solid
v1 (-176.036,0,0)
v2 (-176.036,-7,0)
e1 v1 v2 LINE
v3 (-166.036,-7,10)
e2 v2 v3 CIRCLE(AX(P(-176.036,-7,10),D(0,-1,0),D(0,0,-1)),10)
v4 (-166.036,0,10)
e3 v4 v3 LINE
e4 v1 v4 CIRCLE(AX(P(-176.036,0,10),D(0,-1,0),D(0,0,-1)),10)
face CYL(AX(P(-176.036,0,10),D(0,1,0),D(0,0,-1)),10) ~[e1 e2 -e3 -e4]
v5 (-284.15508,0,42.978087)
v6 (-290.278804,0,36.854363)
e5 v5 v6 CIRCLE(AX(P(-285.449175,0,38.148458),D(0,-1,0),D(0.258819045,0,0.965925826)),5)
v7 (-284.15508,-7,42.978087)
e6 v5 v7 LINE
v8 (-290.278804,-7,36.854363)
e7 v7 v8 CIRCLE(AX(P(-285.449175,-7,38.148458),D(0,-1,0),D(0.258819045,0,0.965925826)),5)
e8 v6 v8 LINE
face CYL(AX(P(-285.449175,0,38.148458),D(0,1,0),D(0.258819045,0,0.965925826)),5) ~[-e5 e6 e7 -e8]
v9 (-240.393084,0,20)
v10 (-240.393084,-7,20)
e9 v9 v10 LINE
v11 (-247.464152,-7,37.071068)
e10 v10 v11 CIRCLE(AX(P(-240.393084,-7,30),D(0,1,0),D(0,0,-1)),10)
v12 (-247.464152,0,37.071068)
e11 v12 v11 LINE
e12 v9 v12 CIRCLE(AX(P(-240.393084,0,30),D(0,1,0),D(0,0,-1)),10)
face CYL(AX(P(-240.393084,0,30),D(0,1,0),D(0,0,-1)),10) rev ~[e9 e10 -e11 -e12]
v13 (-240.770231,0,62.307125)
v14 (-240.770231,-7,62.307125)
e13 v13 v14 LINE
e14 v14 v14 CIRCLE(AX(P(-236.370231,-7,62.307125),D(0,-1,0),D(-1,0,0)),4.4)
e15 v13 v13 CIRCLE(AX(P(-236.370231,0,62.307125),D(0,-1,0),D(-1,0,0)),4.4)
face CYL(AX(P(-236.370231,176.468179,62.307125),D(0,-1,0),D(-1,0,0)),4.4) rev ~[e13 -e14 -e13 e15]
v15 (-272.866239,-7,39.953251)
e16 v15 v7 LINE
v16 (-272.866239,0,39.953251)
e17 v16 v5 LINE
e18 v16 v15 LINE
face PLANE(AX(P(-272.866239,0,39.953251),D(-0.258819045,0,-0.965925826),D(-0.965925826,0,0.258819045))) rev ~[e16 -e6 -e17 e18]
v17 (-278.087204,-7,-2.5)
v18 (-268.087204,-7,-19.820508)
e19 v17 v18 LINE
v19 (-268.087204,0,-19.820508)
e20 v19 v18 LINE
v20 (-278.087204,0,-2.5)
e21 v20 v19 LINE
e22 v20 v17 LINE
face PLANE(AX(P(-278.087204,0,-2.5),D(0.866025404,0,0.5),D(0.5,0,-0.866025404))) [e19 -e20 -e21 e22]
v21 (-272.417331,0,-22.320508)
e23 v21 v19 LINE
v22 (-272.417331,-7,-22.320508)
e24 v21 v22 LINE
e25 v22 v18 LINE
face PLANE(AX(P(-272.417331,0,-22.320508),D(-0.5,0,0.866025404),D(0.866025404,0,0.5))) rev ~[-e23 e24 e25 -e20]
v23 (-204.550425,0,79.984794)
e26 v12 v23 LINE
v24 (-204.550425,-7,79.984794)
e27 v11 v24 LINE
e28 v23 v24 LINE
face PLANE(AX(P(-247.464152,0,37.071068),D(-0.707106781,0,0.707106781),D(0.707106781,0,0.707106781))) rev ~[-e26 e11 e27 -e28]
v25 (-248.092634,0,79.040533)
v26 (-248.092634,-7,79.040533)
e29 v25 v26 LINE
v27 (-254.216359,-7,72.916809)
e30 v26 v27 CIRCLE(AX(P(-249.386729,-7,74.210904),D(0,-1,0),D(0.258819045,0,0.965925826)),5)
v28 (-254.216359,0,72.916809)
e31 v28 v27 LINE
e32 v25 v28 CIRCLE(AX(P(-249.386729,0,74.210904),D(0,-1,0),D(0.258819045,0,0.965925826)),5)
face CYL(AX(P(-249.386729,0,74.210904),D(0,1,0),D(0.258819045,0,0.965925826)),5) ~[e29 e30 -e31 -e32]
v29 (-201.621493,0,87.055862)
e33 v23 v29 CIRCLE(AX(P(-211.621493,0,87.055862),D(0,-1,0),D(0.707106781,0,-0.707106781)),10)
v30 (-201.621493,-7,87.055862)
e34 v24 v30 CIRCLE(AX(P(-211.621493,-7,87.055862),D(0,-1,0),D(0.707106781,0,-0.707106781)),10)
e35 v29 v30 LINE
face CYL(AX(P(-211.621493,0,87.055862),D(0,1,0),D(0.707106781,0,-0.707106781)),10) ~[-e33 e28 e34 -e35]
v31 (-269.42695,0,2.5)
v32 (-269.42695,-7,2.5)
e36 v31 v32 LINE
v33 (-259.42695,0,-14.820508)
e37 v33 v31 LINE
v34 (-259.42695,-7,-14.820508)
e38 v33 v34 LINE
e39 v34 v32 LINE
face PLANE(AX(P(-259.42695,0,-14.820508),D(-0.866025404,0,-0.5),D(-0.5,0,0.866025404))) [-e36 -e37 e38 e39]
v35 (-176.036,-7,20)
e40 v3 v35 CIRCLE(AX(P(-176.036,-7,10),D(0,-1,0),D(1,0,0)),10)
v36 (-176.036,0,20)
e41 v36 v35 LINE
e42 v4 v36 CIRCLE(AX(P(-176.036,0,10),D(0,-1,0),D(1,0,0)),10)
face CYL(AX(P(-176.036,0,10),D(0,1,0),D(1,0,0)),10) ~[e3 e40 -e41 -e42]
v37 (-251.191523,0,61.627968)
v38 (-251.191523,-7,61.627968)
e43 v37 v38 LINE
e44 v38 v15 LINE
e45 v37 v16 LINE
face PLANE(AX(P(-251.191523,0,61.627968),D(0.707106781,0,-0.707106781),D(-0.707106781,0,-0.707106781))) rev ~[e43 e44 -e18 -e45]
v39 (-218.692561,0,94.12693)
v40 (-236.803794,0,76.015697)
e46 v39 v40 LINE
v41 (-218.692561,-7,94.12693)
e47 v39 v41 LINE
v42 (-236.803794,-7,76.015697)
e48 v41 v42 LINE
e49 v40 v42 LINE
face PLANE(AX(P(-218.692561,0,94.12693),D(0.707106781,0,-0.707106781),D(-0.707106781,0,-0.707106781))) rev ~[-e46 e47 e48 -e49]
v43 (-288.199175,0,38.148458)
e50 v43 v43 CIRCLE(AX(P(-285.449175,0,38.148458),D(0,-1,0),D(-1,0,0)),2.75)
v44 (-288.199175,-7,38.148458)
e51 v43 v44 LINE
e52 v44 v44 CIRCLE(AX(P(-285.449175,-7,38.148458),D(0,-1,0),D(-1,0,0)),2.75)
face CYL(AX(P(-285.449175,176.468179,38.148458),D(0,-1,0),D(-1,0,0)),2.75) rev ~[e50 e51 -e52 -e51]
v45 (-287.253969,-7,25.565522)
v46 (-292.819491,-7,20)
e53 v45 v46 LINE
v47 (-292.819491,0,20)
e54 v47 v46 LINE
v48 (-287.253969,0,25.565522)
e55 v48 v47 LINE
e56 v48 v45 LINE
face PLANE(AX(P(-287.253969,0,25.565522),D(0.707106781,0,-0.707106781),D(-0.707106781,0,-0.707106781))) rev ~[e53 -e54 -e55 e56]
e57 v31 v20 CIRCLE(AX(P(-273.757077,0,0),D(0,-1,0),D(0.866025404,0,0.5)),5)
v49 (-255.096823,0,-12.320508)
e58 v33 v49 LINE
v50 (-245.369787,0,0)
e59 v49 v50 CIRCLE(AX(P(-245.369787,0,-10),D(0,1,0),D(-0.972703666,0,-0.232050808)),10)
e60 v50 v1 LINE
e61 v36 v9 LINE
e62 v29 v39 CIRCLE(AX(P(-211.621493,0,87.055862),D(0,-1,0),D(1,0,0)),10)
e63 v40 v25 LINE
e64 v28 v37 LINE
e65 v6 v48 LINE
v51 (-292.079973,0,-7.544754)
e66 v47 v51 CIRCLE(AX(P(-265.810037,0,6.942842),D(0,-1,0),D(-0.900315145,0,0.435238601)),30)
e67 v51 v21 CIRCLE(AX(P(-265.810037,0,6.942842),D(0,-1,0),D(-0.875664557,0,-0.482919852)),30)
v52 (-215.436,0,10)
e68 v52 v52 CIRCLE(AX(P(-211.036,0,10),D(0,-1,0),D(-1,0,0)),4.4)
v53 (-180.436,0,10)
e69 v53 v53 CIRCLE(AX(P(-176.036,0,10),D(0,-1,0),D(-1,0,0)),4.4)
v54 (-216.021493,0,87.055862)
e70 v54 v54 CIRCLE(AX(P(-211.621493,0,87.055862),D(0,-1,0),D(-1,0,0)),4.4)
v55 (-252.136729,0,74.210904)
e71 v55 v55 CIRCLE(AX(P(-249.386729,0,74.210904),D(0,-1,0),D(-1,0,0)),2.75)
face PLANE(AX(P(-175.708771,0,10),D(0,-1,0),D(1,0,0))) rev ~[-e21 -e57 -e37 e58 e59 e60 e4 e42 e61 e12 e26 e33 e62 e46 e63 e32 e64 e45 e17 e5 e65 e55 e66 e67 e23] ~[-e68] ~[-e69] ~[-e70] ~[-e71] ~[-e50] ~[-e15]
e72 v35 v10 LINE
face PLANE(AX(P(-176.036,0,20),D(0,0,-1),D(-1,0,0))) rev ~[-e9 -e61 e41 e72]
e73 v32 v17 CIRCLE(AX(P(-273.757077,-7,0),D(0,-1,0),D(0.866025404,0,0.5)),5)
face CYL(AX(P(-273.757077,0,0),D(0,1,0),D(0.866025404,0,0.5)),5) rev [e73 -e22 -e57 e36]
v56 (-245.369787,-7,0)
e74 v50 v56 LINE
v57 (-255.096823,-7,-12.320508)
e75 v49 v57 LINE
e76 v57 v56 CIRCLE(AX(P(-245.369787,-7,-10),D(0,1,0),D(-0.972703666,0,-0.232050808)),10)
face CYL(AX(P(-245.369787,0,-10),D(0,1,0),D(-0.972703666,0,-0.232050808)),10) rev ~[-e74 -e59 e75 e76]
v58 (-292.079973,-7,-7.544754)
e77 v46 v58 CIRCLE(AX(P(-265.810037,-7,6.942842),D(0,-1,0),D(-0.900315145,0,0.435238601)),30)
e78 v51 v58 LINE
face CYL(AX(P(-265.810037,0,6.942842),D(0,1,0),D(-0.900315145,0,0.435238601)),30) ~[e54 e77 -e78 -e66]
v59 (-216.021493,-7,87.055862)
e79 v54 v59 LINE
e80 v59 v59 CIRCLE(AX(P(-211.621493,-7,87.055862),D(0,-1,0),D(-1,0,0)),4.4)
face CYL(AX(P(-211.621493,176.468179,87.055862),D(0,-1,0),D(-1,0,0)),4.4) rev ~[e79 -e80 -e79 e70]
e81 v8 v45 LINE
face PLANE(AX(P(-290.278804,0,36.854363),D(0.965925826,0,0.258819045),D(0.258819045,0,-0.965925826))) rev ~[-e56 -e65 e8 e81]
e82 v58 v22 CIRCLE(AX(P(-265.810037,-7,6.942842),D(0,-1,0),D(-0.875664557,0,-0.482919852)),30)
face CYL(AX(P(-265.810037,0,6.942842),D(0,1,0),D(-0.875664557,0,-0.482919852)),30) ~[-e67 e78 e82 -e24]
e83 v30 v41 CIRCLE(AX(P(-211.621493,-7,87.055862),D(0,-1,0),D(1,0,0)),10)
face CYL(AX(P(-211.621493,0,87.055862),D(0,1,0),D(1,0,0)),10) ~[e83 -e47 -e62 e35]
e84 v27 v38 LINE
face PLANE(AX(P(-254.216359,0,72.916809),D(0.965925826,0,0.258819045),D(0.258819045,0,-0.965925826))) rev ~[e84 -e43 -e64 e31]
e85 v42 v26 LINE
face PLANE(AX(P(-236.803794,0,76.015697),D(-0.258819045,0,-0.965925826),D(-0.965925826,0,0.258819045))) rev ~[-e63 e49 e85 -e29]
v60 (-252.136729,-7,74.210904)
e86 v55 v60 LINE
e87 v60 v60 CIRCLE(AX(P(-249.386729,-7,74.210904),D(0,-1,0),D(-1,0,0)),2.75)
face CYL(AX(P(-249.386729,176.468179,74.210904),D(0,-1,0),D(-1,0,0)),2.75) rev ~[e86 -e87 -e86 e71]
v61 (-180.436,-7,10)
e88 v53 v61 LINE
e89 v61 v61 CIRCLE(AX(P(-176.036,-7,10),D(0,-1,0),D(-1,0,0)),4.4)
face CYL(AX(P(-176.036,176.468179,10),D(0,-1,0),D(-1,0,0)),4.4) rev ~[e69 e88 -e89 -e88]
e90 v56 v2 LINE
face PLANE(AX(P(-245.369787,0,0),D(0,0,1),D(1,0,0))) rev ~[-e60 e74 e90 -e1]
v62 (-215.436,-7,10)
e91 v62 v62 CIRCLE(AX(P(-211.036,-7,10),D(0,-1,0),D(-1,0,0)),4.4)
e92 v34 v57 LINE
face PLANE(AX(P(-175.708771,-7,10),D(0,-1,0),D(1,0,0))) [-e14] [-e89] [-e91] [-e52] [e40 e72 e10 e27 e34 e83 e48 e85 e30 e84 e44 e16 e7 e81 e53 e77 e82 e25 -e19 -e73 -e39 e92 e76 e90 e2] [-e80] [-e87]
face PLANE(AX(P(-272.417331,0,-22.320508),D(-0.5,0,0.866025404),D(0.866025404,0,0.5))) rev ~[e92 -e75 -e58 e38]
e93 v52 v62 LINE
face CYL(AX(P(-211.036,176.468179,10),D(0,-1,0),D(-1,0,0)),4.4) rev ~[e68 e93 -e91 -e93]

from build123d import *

# Parameters (mm, degrees)
F2_DEPTH = 7
F3_DEPTH = 7
F4_D     = 5.5
F5_D     = 8.8


with BuildPart() as f2:
    # F1 (on Front) → F2 (new body)
    with BuildSketch(Plane.XZ):
        with BuildLine():
            ThreePointArc((-176.0360002518, 0), (-168.9649324399, 2.9289321881), (-166.0360002518, 10))
            ThreePointArc((-166.0360002518, 10), (-168.9649324399, 17.0710678119), (-176.0360002518, 20))
            ThreePointArc((-176.0360002518, 20), (-186.0360002518, 10), (-176.0360002518, 0))
        make_face()
        with BuildLine():
            Line((-264.5352196047, 20), (-240.393083981, 20))
            ThreePointArc((-240.393083981, 20), (-249.6318793158, 26.1731656999), (-247.4641517568, 37.0710678479))
            Line((-247.4641517568, 37.0710678479), (-264.5352196047, 20))
        make_face()
        with BuildLine():
            Line((-272.4173313033, -22.3205080757), (-255.0968232276, -12.3205080757))
            ThreePointArc((-255.0968232276, -12.3205080757), (-261.1688868565, -7.6612498015), (-268.757077341, -8.6602540815))
            ThreePointArc((-268.757077341, -8.6602540815), (-273.4163355396, -14.7323176668), (-272.4173313033, -22.3205080757))
        make_face()
        with BuildLine():
            Line((-255.0968232276, -12.3205080757), (-262.2100718816, 0))
            Line((-262.2100718816, 0), (-263.7570772654, 0))
            ThreePointArc((-263.7570772654, 0), (-265.0968232494, -5.0000000378), (-268.757077341, -8.6602540815))
            ThreePointArc((-268.757077341, -8.6602540815), (-261.1688868565, -7.6612498015), (-255.0968232276, -12.3205080757))
        make_face()
        with BuildLine():
            ThreePointArc((-272.4173313033, -22.3205080757), (-273.4163355396, -14.7323176668), (-268.757077341, -8.6602540815))
            ThreePointArc((-268.757077341, -8.6602540815), (-276.3452678591, -9.6592582247), (-282.4173314074, -4.9999998197))
            Line((-282.4173314074, -4.9999998197), (-272.4173313033, -22.3205080757))
        make_face()
        with BuildLine():
            ThreePointArc((-265.0968232276, 5), (-269.1126993205, 8.856057447), (-274.5681672284, 9.9670523763))
            Line((-274.5681672284, 9.9670523763), (-283.7241296417, 0.811089963))
            ThreePointArc((-283.7241296417, 0.811089963), (-283.5134253602, -2.1940081707), (-282.4173314074, -4.9999998197))
            ThreePointArc((-282.4173314074, -4.9999998197), (-276.3452678591, -9.6592582247), (-268.757077341, -8.6602540815))
            ThreePointArc((-268.757077341, -8.6602540815), (-265.0968232494, -5.0000000378), (-263.7570772654, 0))
            ThreePointArc((-263.7570772654, 0), (-264.0978190025, 2.588190451), (-265.0968232276, 5))
        make_face()
        with BuildLine():
            Line((-263.7570772654, 0), (-262.2100718816, 0))
            Line((-262.2100718816, 0), (-265.0968232276, 5))
            ThreePointArc((-265.0968232276, 5), (-264.0978190025, 2.588190451), (-263.7570772654, 0))
        make_face()
        with BuildLine():
            ThreePointArc((-176.0360002518, 0), (-186.0360002518, 10), (-176.0360002518, 20))
            Line((-176.0360002518, 20), (-240.393083981, 20))
            Line((-240.393083981, 20), (-264.5352196047, 20))
            Line((-264.5352196047, 20), (-274.5681672284, 9.9670523763))
            ThreePointArc((-274.5681672284, 9.9670523763), (-269.1126993205, 8.856057447), (-265.0968232276, 5))
            Line((-265.0968232276, 5), (-262.2100718816, 0))
            Line((-262.2100718816, 0), (-245.3697865632, 0))
            Line((-245.3697865632, 0), (-176.0360002518, 0))
        make_face()
        with BuildLine():
            Line((-283.7241296417, 0.811089963), (-274.5681672284, 9.9670523763))
            ThreePointArc((-274.5681672284, 9.9670523763), (-280.8281450773, 7.0710678119), (-283.7241296417, 0.811089963))
        make_face()
        with BuildLine():
            ThreePointArc((-282.4173314074, -4.9999998197), (-283.5134253602, -2.1940081707), (-283.7241296417, 0.811089963))
            Line((-283.7241296417, 0.811089963), (-285.0226592429, -0.4874396382))
            Line((-285.0226592429, -0.4874396382), (-282.4173314074, -4.9999998197))
        make_face()
        with BuildLine():
            Line((-274.5681672284, 9.9670523763), (-264.5352196047, 20))
            Line((-264.5352196047, 20), (-292.8194908522, 20))
            ThreePointArc((-292.8194908522, 20), (-295.7992302368, 6.1376963428), (-292.0799732137, -7.544753609))
            Line((-292.0799732137, -7.544753609), (-285.0226592429, -0.4874396382))
            Line((-285.0226592429, -0.4874396382), (-283.7241296417, 0.811089963))
            ThreePointArc((-283.7241296417, 0.811089963), (-280.8281450773, 7.0710678119), (-274.5681672284, 9.9670523763))
        make_face()
        with BuildLine():
            ThreePointArc((-292.0799732137, -7.544753609), (-283.8324896653, -17.0403017463), (-272.4173313033, -22.3205080757))
            Line((-272.4173313033, -22.3205080757), (-282.4173314074, -4.9999998197))
            Line((-282.4173314074, -4.9999998197), (-285.0226592429, -0.4874396382))
            Line((-285.0226592429, -0.4874396382), (-292.0799732137, -7.544753609))
        make_face()
        with BuildLine():
            Line((-292.8194908522, 20), (-264.5352196047, 20))
            Line((-264.5352196047, 20), (-247.4641517568, 37.0710678479))
            Line((-247.4641517568, 37.0710678479), (-204.550425378, 79.9847942268))
            ThreePointArc((-204.550425378, 79.9847942268), (-218.6925610017, 79.9847942268), (-218.6925610017, 94.1269298505))
            Line((-218.6925610017, 94.1269298505), (-236.8037936181, 76.015697234))
            Line((-236.8037936181, 76.015697234), (-251.1915228084, 61.6279680438))
            Line((-251.1915228084, 61.6279680438), (-272.8662394587, 39.9532513935))
            Line((-272.8662394587, 39.9532513935), (-287.2539686489, 25.5655222033))
            Line((-287.2539686489, 25.5655222033), (-292.8194908522, 20))
        make_face()
        with BuildLine():
            Line((-290.2788043549, 36.8543627425), (-287.2539686489, 25.5655222033))
            Line((-287.2539686489, 25.5655222033), (-272.8662394587, 39.9532513935))
            Line((-272.8662394587, 39.9532513935), (-284.1550799979, 42.9780870995))
            ThreePointArc((-284.1550799979, 42.9780870995), (-281.482408522, 41.1922651131), (-280.4491752234, 38.1484579681))
            ThreePointArc((-280.4491752234, 38.1484579681), (-284.7965442623, 33.1912336612), (-290.2788043549, 36.8543627425))
        make_face()
        with BuildLine():
            ThreePointArc((-284.1550799979, 42.9780870995), (-288.9847091293, 41.683991874), (-290.2788043549, 36.8543627425))
            ThreePointArc((-290.2788043549, 36.8543627425), (-284.7965442623, 33.1912336612), (-280.4491752234, 38.1484579681))
            ThreePointArc((-280.4491752234, 38.1484579681), (-281.482408522, 41.1922651131), (-284.1550799979, 42.9780870995))
        make_face()
        with BuildLine():
            Line((-251.1915228084, 61.6279680438), (-236.8037936181, 76.015697234))
            Line((-236.8037936181, 76.015697234), (-248.0926341574, 79.04053294))
            ThreePointArc((-248.0926341574, 79.04053294), (-245.4199626814, 77.2547109536), (-244.3867293829, 74.2109038086))
            ThreePointArc((-244.3867293829, 74.2109038086), (-248.7340984218, 69.2536795017), (-254.2163585143, 72.9168085831))
            Line((-254.2163585143, 72.9168085831), (-251.1915228084, 61.6279680438))
        make_face()
        with BuildLine():
            ThreePointArc((-244.3867293829, 74.2109038086), (-245.4199626814, 77.2547109536), (-248.0926341574, 79.04053294))
            ThreePointArc((-248.0926341574, 79.04053294), (-252.9222632888, 77.7464377145), (-254.2163585143, 72.9168085831))
            ThreePointArc((-254.2163585143, 72.9168085831), (-248.7340984218, 69.2536795017), (-244.3867293829, 74.2109038086))
        make_face()
        with BuildLine():
            ThreePointArc((-218.6925610017, 94.1269298505), (-218.6925610017, 79.9847942268), (-204.550425378, 79.9847942268))
            ThreePointArc((-204.550425378, 79.9847942268), (-202.3826978647, 83.229027715), (-201.6214931898, 87.0558620386))
            ThreePointArc((-201.6214931898, 87.0558620386), (-207.7946588662, 96.2946573637), (-218.6925610017, 94.1269298505))
        make_face()
        with BuildLine():
            ThreePointArc((-255.0968232276, -12.3205080757), (-253.2185151467, -3.8034316254), (-245.3697865632, 0))
            Line((-245.3697865632, 0), (-262.2100718816, 0))
            Line((-262.2100718816, 0), (-255.0968232276, -12.3205080757))
        make_face()
    extrude(amount=F2_DEPTH)

    # F0 (on Front) → F3 (cut, through all)
    with BuildSketch(Plane.XZ):
        with BuildLine():
            ThreePointArc((-278.0872042843, -2.5), (-272.4629820399, -4.8296291314), (-268.7570772654, 0))
            ThreePointArc((-268.7570772654, 0), (-268.927448134, 1.2940952255), (-269.4269502465, 2.5))
            ThreePointArc((-269.4269502465, 2.5), (-276.2570772654, 4.3301270189), (-278.0872042843, -2.5))
        make_face()
        with BuildLine():
            ThreePointArc((-269.4269502465, 2.5), (-268.927448134, 1.2940952255), (-268.7570772654, 0))
            ThreePointArc((-268.7570772654, 0), (-272.4629820399, -4.8296291314), (-278.0872042843, -2.5))
            Line((-278.0872042843, -2.5), (-268.0872042843, -19.8205080757))
            ThreePointArc((-268.0872042843, -19.8205080757), (-266.2570772654, -12.9903810568), (-259.4269502465, -14.8205080757))
            Line((-259.4269502465, -14.8205080757), (-269.4269502465, 2.5))
        make_face()
        with BuildLine():
            ThreePointArc((-258.7570772654, -17.3205080757), (-258.927448134, -16.0264128502), (-259.4269502465, -14.8205080757))
            ThreePointArc((-259.4269502465, -14.8205080757), (-266.2570772654, -12.9903810568), (-268.0872042843, -19.8205080757))
            ThreePointArc((-268.0872042843, -19.8205080757), (-262.4629820399, -22.1501372071), (-258.7570772654, -17.3205080757))
        make_face()
    extrude(amount=F3_DEPTH, mode=Mode.SUBTRACT)

    # F4 (through all)
    with Locations(Plane(origin=(0, 0, 0), x_dir=(1, 0, 0), z_dir=(0, 1, 0))):
        with Locations((-249.3867293829, -74.2109038086), (-285.4491752234, -38.1484579681)):
            Hole(F4_D / 2)

    # F5 (through all)
    with Locations(Plane(origin=(0, 0, 0), x_dir=(1, 0, 0), z_dir=(0, 1, 0))):
        with Locations((-176.0360002518, -10), (-211.6214931898, -87.0558620386), (-236.3702305314, -62.3071246971), (-211.0360002518, -10)):
            Hole(F5_D / 2)


solid = f2.part
